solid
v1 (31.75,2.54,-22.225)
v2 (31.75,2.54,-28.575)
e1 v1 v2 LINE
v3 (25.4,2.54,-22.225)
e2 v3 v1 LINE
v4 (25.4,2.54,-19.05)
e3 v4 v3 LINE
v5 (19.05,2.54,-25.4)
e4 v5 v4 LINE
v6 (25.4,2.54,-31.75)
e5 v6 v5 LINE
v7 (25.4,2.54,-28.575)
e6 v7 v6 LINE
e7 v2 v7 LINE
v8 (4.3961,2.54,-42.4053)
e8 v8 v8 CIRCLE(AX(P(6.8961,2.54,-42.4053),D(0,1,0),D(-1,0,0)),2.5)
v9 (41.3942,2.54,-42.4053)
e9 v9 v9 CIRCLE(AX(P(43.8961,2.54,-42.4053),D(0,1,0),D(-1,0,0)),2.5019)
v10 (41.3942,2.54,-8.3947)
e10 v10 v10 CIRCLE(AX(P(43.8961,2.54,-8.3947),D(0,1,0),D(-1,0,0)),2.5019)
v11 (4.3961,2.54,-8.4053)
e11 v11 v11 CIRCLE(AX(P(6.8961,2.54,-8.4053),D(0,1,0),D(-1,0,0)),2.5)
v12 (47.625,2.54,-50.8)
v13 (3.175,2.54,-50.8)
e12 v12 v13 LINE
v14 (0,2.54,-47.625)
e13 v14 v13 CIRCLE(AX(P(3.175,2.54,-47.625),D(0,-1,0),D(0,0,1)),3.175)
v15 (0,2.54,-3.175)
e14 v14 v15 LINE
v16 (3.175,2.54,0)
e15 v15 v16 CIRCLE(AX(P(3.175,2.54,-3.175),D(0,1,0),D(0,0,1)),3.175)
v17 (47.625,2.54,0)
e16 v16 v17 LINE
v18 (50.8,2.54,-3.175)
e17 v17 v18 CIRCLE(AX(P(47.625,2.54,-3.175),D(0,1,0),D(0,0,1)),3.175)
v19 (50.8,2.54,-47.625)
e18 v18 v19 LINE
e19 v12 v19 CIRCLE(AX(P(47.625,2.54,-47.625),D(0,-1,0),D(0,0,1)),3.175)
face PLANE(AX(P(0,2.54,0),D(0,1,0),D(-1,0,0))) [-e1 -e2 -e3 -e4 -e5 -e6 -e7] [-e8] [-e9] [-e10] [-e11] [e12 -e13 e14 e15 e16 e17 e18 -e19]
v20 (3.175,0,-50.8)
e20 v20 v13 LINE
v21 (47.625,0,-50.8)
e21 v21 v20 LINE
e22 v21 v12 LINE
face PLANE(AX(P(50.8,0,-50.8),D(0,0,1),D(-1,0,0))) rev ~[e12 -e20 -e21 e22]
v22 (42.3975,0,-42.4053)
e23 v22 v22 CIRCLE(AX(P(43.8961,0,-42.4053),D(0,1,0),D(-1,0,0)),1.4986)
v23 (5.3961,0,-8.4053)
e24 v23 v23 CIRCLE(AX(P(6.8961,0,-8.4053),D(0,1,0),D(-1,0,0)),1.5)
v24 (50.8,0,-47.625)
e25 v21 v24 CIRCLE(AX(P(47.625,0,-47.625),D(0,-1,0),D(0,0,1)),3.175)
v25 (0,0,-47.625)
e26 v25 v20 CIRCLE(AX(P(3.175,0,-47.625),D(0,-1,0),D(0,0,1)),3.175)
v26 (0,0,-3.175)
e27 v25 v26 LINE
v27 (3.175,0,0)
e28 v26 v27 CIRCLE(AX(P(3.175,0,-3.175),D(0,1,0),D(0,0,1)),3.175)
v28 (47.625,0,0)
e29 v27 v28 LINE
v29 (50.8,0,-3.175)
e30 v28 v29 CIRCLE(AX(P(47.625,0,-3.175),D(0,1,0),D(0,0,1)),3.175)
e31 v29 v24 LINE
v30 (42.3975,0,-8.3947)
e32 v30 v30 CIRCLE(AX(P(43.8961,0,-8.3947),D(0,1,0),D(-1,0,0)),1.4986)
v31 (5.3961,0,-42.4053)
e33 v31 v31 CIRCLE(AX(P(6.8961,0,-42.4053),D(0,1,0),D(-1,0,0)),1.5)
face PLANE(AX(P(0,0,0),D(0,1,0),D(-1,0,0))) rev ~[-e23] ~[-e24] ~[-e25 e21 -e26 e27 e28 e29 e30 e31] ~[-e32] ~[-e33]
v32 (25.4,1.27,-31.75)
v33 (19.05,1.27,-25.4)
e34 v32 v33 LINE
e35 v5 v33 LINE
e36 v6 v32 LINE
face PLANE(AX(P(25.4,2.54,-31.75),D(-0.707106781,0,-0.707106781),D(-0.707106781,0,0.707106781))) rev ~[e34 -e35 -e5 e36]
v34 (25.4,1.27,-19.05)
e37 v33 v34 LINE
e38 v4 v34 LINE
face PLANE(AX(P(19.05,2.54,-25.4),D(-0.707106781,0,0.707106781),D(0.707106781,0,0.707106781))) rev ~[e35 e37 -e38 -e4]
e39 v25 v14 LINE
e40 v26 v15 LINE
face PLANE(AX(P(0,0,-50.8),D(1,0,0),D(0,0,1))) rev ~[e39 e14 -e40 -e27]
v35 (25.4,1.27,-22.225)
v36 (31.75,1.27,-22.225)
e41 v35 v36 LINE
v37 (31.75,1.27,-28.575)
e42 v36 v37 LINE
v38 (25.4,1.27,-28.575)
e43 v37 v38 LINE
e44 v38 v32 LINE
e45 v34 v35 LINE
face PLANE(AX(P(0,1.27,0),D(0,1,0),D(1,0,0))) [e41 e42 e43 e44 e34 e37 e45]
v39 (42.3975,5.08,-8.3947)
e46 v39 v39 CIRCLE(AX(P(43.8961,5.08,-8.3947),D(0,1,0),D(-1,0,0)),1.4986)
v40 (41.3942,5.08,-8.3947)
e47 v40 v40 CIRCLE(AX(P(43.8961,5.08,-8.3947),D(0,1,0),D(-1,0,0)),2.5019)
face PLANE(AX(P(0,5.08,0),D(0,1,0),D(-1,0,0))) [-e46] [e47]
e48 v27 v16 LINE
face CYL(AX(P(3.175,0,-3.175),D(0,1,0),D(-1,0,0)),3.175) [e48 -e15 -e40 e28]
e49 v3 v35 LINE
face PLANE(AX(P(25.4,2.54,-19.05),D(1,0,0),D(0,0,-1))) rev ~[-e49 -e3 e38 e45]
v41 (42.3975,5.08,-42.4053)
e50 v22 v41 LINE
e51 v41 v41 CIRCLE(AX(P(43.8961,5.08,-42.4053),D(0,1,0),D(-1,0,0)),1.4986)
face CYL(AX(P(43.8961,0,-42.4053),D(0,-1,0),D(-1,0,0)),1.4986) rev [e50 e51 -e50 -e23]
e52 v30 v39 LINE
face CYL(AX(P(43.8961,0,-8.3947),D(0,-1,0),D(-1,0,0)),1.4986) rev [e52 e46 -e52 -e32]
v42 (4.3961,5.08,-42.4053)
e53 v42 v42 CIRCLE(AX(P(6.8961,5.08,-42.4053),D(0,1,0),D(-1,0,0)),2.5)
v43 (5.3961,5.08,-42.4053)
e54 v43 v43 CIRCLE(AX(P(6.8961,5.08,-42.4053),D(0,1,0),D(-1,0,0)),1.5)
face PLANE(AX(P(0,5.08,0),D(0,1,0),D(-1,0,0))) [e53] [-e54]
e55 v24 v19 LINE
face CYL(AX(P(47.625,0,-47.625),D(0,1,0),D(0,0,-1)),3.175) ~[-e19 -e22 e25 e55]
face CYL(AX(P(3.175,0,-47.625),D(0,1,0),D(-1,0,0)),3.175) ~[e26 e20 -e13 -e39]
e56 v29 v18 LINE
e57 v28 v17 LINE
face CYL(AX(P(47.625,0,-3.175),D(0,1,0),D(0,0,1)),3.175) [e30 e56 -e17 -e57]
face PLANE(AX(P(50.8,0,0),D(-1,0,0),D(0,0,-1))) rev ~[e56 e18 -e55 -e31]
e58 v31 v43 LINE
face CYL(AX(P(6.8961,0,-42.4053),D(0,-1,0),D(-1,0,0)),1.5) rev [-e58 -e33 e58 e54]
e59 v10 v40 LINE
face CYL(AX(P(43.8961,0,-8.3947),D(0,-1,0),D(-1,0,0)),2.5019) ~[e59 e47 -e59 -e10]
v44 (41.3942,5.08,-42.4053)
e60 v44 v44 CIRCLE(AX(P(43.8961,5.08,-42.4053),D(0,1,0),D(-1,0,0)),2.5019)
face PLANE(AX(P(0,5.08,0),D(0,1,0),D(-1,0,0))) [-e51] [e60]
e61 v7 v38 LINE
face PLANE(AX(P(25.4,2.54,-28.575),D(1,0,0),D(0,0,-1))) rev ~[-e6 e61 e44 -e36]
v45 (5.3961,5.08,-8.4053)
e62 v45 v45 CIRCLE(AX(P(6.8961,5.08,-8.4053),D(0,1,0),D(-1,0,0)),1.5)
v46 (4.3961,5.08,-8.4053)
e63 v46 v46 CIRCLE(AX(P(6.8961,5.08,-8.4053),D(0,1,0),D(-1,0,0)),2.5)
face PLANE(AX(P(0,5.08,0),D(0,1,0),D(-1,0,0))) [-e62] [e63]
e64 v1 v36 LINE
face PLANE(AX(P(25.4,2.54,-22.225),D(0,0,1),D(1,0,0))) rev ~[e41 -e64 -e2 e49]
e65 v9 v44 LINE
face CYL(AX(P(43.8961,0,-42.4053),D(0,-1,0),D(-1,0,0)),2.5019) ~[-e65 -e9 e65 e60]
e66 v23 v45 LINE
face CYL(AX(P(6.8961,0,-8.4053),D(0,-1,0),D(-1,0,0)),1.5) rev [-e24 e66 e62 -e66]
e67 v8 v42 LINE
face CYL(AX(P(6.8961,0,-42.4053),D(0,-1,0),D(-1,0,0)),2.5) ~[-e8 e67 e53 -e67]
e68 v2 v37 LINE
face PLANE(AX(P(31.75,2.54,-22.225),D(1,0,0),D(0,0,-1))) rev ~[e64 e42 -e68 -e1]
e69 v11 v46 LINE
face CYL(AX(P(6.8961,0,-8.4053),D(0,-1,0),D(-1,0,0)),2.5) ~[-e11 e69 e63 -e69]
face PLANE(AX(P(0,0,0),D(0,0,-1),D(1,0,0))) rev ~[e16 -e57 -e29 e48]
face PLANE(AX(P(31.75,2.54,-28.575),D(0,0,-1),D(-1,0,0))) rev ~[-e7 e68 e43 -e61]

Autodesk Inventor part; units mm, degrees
ref_plane "YZ Plane" through (0, 0, 0) normal (1, 0, 0) x (0, 1, 0)
ref_plane "XZ Plane" through (0, 0, 0) normal (0, 1, 0) x (-1, 0, 0)
ref_plane "XY Plane" through (0, 0, 0) normal (0, 0, 1) x (1, 0, 0)
sketch "Sketch1" plane through (0, 0, 0) normal (0, 1, 0) x (-1, 0, 0)
  line L0 (0, 0) -> (-50.8, 0)
  line L1 (-50.8, 0) -> (-50.8, -50.8)
  line L2 (-50.8, -50.8) -> (0, -50.8)
  line L3 (0, -50.8) -> (0, 0)
  circle A0 centre (-6.8961, -8.4053) radius 1.5
  circle A1 centre (-6.8961, -42.4053) radius 1.5
  circle A2 centre (-6.8961, -42.4053) radius 2.5
  circle A3 centre (-6.8961, -8.4053) radius 2.5
  circle A4 centre (-43.8961, -8.3947) radius 1.4986
  circle A5 centre (-43.8961, -42.4053) radius 1.4986
  circle A6 centre (-43.8961, -42.4053) radius 2.5019
  circle A7 centre (-43.8961, -8.3947) radius 2.5019
  dimension "d9" = 50.8
  dimension "d10" = 50.8
  dimension "d11" = 3
  dimension "d12" = 3
  dimension "d13" = 34
  dimension "d14" = 5
  dimension "d15" = 5
  dimension "d16" = 8.3947
  dimension "d17" = 2.9972
  dimension "d18" = 2.9972
  dimension "d19" = 5.0038
  dimension "d20" = 5.0038
  dimension "d21" = 34.0106
  dimension "d22" = 37
  dimension "d23" = 37
  dimension "d24" = 6.8961
extrude "Extrusion1" add sketch "Sketch1" along normal blind 2.54 contours L3 L2 L1 L0
extrude "Extrusion2" add sketch "Sketch1" along normal blind 5.08 contours A2 | A3 | A6 | A7
fillet "Fillet1" radius 3.175 4 edges at (0, 1.27, -50.8) (50.8, 1.27, -50.8) (50.8, 1.27, 0) (0, 1.27, 0)
sketch "Sketch3" plane through (0, 2.54, 0) normal (0, 1, 0) x (1, 0, 0)
  line L0 (25.4, 22.225) -> (31.75, 22.225)
  line L1 (31.75, 22.225) -> (31.75, 28.575)
  line L2 (31.75, 28.575) -> (25.4, 28.575)
  line L3 (25.4, 28.575) -> (25.4, 31.75)
  line L4 (25.4, 31.75) -> (19.05, 25.4)
  line L5 (19.05, 25.4) -> (25.4, 19.05)
  line L6 (25.4, 19.05) -> (25.4, 22.225)
  line L7 (47.625, 50.8) -> (3.175, 50.8) projected
  line L8 (0, 47.625) -> (0, 3.175) projected
  point P0 (0, 0)
  point P1 (25.4, 20.6375)
  dimension "d40" = 6.35
  dimension "d41" = 6.35
  dimension "d42" = 6.35
  dimension "d43" = 3.175
  dimension "d44" = 45
  dimension "d45" = 22.225
  dimension "d47" = 6.35
  dimension "d48" = 19.05
extrude "Extrusion4" cut sketch "Sketch3" against normal blind 1.27
properties part number "Pump Jig V1"
